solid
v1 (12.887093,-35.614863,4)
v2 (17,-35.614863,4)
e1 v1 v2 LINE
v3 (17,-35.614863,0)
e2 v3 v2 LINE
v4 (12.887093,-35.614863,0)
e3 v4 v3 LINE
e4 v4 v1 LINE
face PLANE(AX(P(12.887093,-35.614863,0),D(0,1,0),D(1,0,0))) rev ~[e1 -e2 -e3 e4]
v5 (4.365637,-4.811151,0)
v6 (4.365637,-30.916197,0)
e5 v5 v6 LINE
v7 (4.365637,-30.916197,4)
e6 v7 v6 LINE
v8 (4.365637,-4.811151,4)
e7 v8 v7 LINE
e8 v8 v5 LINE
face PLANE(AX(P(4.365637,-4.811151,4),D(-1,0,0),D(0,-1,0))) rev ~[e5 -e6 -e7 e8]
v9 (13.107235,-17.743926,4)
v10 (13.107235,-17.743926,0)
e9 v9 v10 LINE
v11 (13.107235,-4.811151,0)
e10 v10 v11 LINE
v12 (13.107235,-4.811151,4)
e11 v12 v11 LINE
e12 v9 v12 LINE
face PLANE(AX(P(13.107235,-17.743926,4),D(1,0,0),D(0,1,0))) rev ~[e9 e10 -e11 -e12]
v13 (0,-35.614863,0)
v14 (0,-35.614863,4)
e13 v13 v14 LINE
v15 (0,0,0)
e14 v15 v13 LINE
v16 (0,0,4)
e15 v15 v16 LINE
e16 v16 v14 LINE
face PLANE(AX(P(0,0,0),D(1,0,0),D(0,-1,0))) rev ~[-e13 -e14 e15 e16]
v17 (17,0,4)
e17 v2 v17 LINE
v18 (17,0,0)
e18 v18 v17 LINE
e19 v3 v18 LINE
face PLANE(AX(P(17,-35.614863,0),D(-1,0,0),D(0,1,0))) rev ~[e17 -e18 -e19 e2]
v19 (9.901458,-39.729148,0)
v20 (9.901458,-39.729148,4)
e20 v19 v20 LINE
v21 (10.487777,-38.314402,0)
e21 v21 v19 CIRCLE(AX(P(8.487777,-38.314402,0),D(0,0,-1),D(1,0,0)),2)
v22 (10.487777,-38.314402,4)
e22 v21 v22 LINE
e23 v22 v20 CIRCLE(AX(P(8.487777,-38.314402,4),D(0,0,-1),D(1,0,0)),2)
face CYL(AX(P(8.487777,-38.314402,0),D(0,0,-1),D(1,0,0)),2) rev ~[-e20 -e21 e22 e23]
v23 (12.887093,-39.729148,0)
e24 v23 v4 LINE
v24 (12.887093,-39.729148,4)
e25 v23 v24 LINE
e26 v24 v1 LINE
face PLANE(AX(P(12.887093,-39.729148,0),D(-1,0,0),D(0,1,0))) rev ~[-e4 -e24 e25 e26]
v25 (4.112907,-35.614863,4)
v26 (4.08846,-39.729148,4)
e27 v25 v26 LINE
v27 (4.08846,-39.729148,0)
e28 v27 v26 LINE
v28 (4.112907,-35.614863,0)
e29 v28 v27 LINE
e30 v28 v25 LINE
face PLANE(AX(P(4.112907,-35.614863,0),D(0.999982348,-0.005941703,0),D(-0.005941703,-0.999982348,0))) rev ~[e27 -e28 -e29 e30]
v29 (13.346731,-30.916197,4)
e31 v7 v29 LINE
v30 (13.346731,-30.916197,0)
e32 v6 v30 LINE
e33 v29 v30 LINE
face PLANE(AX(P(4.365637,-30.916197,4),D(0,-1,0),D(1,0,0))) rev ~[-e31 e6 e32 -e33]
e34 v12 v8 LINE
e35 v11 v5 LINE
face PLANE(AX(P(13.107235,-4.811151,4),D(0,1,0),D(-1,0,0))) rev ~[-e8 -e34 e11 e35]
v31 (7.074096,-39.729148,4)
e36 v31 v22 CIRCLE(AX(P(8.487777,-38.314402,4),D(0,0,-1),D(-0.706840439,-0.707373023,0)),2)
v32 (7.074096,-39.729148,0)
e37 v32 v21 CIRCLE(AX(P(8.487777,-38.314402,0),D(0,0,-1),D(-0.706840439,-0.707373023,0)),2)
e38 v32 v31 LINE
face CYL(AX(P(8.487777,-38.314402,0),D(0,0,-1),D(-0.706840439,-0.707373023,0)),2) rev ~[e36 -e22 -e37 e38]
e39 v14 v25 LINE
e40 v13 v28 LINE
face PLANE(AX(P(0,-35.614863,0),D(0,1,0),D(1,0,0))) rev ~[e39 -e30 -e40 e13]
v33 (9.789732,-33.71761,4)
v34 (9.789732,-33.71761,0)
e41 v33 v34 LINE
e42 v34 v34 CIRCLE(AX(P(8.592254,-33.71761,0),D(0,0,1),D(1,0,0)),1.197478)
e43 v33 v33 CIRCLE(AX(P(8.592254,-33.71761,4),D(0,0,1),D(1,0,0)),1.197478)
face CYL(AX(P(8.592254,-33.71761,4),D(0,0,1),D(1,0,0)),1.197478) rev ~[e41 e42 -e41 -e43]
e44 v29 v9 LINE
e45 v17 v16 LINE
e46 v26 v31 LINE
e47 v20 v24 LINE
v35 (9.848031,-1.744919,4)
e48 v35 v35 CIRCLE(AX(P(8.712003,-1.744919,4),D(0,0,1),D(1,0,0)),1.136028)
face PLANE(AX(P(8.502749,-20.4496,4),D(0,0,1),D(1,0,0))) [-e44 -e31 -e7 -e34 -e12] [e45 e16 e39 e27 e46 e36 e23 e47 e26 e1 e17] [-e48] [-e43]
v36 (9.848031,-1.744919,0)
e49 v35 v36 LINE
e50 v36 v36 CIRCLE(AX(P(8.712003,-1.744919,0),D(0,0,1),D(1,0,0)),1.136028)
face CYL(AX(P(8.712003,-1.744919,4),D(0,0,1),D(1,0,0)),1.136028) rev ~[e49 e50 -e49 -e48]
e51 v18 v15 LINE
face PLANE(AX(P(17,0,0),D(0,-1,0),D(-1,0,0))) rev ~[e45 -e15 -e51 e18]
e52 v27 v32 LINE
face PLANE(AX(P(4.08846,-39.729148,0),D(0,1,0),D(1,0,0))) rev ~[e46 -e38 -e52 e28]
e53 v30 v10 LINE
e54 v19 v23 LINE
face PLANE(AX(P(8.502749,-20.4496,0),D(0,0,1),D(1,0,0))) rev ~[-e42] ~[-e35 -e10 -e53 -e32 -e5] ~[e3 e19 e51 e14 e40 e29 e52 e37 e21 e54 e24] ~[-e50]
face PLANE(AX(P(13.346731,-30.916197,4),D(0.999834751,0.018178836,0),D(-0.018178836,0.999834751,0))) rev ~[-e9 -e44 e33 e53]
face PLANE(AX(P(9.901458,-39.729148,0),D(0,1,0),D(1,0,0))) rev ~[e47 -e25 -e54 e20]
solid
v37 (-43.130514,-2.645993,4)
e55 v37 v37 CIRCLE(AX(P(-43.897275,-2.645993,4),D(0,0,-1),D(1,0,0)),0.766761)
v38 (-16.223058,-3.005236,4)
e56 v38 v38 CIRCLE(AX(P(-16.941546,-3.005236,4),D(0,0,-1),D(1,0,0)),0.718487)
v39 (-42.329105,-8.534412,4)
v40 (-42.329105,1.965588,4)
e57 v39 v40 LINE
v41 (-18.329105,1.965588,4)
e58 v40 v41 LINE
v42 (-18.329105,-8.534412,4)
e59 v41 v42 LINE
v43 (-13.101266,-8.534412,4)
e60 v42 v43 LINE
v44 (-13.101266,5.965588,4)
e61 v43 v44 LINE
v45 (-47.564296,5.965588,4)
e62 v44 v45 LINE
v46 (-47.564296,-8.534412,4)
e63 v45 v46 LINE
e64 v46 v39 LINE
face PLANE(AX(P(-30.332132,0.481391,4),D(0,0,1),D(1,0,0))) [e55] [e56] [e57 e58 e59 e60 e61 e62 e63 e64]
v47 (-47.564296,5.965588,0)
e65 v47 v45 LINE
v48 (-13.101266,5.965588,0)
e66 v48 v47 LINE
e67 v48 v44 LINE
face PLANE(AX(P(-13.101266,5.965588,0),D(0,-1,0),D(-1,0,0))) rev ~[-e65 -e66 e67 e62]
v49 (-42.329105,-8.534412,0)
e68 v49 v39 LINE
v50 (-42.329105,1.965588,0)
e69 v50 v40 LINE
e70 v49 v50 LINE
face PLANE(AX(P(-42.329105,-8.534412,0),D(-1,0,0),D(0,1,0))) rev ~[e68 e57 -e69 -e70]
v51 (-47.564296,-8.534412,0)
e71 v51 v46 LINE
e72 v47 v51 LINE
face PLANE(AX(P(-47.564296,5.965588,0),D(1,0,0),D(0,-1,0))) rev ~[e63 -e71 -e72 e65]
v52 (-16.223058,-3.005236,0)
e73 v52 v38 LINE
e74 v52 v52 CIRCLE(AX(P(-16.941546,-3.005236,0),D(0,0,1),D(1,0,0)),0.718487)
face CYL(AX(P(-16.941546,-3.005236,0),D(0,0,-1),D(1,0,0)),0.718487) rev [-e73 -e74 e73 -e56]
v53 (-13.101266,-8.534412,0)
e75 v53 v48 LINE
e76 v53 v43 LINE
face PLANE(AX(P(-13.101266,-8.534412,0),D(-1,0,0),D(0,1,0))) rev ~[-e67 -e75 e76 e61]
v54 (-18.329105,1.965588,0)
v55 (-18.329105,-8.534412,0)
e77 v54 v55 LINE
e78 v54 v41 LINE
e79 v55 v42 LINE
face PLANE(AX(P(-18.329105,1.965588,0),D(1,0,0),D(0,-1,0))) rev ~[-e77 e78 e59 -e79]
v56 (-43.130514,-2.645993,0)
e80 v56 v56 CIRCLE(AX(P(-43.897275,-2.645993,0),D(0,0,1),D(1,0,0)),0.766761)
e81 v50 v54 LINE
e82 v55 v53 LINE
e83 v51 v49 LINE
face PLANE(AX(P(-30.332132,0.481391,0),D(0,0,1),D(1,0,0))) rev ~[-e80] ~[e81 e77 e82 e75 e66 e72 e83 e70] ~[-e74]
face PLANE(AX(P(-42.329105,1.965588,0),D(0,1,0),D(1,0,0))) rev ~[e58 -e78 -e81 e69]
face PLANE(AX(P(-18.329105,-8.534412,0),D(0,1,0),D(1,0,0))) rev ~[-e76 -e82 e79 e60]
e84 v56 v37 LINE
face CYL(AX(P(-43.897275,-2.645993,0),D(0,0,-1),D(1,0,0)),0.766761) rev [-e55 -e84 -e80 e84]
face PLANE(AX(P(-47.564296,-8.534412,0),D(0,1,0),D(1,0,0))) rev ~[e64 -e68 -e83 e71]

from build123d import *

# Parameters (mm, degrees)
F2_DEPTH  = 4
F1_R      = 0.7184874266
F3_DEPTH  = 15.1
F1_R_2    = 0.7667610487
F4_DEPTH  = 25
F6_DEPTH  = 4
F11_DEPTH = 4
F12_DEPTH = 25
F14_R     = 0.9874667044
F15_DEPTH = 55.7
F16_R     = 1.136027817
F16_R_2   = 1.1974778026
F17_DEPTH = 25


with BuildPart() as f2:
    # F0 (on Top) → F2 (new body)
    with BuildSketch(Plane.XY):
        Polygon((-13.1012657657, 5.9655876346), (-47.5642964626, 5.9655876346), (-47.5642964626, -8.5344123654), (-42.329105028, -8.5344123654), (-42.329105028, 1.9655876346), (-18.329105028, 1.9655876346), (-18.329105028, -8.5344123654), (-13.1012657657, -8.5344123654), align=None)
    extrude(amount=F2_DEPTH)

    # F1 (on Top) → F3 (cut)
    with BuildSketch(Plane.XY):
        with Locations((-16.9415455312, -3.0052363873)):
            Circle(F1_R)
    extrude(amount=F3_DEPTH, mode=Mode.SUBTRACT)

    # F1 (on Top) → F4 (cut)
    with BuildSketch(Plane.XY):
        with Locations((-43.8972748816, -2.6459926739)):
            Circle(F1_R_2)
    extrude(amount=F4_DEPTH, mode=Mode.SUBTRACT)

    # F14 (on face) → F15 (cut)
    with BuildSketch(Plane.XY.offset(4)):
        with Locations((8.5520371795, -2.05092947)):
            Circle(F14_R)
    extrude(amount=F15_DEPTH, mode=Mode.SUBTRACT)


with BuildPart() as f6:
    # F5 (on Top) → F6 (new body)
    with BuildSketch(Plane.XY):
        with BuildLine():
            Line((8.5, 0), (0, 0))
            Line((0, 0), (0, -35.6148630381))
            Line((0, -35.6148630381), (4.112906754, -35.6148630381))
            Line((4.112906754, -35.6148630381), (4.0884604603, -39.7291481495))
            Line((4.0884604603, -39.7291481495), (7.074095975, -39.7291481495))
            ThreePointArc((7.074095975, -39.7291481495), (7.7220620747, -36.4667871873), (10.4877768531, -38.3144021034))
            ThreePointArc((10.4877768531, -38.3144021034), (10.3353917692, -39.0801168818), (9.9014577313, -39.7291481495))
            Line((9.9014577313, -39.7291481495), (12.887093246, -39.7291481495))
            Line((12.887093246, -39.7291481495), (12.887093246, -35.6148630381))
            Line((12.887093246, -35.6148630381), (17, -35.6148630381))
            Line((17, -35.6148630381), (17, 0))
            Line((17, 0), (8.5, 0))
        make_face()
    extrude(amount=F6_DEPTH)

    # F10 (on face) + F7 (on face) → F11 (join)
    with BuildSketch(Plane.XY.offset(4)):
        Polygon((13.1072346121, -4.8111509532), (4.3656374328, -4.8111509532), (4.3656374328, -17.7439264953), (4.3656374328, -30.9161972255), (13.3467307314, -30.9161972255), (13.1072346121, -17.7439264953), align=None)
    with BuildSketch(Plane.XY.offset(4)):
        with BuildLine():
            Line((17, -35.6148630381), (17, 0))
            Line((17, 0), (0, 0))
            Line((0, 0), (0, -35.6148630381))
            Line((0, -35.6148630381), (4.112906754, -35.6148630381))
            Line((4.112906754, -35.6148630381), (4.0884604603, -39.7291481495))
            Line((4.0884604603, -39.7291481495), (7.074095975, -39.7291481495))
            ThreePointArc((7.074095975, -39.7291481495), (7.7220620747, -36.4667871873), (10.4877768531, -38.3144021034))
            ThreePointArc((10.4877768531, -38.3144021034), (10.3353917692, -39.0801168818), (9.9014577313, -39.7291481495))
            Line((9.9014577313, -39.7291481495), (12.887093246, -39.7291481495))
            Line((12.887093246, -39.7291481495), (12.887093246, -35.6148630381))
            Line((12.887093246, -35.6148630381), (17, -35.6148630381))
        make_face()
    extrude(amount=-F11_DEPTH)

    # F10 (on face) → F12 (cut)
    with BuildSketch(Plane.XY.offset(4)):
        Polygon((13.1072346121, -4.8111509532), (4.3656374328, -4.8111509532), (4.3656374328, -17.7439264953), (4.3656374328, -30.9161972255), (13.3467307314, -30.9161972255), (13.1072346121, -17.7439264953), align=None)
    extrude(amount=-F12_DEPTH, mode=Mode.SUBTRACT)

    # F16 (on face) → F17 (cut)
    with BuildSketch(Plane.XY.offset(4)):
        with Locations((8.7120030075, -1.7449193401)):
            Circle(F16_R)
        with Locations((8.5922544822, -33.717609942)):
            Circle(F16_R_2)
    extrude(amount=-F17_DEPTH, mode=Mode.SUBTRACT)


solid = Compound([f2.part, f6.part])
